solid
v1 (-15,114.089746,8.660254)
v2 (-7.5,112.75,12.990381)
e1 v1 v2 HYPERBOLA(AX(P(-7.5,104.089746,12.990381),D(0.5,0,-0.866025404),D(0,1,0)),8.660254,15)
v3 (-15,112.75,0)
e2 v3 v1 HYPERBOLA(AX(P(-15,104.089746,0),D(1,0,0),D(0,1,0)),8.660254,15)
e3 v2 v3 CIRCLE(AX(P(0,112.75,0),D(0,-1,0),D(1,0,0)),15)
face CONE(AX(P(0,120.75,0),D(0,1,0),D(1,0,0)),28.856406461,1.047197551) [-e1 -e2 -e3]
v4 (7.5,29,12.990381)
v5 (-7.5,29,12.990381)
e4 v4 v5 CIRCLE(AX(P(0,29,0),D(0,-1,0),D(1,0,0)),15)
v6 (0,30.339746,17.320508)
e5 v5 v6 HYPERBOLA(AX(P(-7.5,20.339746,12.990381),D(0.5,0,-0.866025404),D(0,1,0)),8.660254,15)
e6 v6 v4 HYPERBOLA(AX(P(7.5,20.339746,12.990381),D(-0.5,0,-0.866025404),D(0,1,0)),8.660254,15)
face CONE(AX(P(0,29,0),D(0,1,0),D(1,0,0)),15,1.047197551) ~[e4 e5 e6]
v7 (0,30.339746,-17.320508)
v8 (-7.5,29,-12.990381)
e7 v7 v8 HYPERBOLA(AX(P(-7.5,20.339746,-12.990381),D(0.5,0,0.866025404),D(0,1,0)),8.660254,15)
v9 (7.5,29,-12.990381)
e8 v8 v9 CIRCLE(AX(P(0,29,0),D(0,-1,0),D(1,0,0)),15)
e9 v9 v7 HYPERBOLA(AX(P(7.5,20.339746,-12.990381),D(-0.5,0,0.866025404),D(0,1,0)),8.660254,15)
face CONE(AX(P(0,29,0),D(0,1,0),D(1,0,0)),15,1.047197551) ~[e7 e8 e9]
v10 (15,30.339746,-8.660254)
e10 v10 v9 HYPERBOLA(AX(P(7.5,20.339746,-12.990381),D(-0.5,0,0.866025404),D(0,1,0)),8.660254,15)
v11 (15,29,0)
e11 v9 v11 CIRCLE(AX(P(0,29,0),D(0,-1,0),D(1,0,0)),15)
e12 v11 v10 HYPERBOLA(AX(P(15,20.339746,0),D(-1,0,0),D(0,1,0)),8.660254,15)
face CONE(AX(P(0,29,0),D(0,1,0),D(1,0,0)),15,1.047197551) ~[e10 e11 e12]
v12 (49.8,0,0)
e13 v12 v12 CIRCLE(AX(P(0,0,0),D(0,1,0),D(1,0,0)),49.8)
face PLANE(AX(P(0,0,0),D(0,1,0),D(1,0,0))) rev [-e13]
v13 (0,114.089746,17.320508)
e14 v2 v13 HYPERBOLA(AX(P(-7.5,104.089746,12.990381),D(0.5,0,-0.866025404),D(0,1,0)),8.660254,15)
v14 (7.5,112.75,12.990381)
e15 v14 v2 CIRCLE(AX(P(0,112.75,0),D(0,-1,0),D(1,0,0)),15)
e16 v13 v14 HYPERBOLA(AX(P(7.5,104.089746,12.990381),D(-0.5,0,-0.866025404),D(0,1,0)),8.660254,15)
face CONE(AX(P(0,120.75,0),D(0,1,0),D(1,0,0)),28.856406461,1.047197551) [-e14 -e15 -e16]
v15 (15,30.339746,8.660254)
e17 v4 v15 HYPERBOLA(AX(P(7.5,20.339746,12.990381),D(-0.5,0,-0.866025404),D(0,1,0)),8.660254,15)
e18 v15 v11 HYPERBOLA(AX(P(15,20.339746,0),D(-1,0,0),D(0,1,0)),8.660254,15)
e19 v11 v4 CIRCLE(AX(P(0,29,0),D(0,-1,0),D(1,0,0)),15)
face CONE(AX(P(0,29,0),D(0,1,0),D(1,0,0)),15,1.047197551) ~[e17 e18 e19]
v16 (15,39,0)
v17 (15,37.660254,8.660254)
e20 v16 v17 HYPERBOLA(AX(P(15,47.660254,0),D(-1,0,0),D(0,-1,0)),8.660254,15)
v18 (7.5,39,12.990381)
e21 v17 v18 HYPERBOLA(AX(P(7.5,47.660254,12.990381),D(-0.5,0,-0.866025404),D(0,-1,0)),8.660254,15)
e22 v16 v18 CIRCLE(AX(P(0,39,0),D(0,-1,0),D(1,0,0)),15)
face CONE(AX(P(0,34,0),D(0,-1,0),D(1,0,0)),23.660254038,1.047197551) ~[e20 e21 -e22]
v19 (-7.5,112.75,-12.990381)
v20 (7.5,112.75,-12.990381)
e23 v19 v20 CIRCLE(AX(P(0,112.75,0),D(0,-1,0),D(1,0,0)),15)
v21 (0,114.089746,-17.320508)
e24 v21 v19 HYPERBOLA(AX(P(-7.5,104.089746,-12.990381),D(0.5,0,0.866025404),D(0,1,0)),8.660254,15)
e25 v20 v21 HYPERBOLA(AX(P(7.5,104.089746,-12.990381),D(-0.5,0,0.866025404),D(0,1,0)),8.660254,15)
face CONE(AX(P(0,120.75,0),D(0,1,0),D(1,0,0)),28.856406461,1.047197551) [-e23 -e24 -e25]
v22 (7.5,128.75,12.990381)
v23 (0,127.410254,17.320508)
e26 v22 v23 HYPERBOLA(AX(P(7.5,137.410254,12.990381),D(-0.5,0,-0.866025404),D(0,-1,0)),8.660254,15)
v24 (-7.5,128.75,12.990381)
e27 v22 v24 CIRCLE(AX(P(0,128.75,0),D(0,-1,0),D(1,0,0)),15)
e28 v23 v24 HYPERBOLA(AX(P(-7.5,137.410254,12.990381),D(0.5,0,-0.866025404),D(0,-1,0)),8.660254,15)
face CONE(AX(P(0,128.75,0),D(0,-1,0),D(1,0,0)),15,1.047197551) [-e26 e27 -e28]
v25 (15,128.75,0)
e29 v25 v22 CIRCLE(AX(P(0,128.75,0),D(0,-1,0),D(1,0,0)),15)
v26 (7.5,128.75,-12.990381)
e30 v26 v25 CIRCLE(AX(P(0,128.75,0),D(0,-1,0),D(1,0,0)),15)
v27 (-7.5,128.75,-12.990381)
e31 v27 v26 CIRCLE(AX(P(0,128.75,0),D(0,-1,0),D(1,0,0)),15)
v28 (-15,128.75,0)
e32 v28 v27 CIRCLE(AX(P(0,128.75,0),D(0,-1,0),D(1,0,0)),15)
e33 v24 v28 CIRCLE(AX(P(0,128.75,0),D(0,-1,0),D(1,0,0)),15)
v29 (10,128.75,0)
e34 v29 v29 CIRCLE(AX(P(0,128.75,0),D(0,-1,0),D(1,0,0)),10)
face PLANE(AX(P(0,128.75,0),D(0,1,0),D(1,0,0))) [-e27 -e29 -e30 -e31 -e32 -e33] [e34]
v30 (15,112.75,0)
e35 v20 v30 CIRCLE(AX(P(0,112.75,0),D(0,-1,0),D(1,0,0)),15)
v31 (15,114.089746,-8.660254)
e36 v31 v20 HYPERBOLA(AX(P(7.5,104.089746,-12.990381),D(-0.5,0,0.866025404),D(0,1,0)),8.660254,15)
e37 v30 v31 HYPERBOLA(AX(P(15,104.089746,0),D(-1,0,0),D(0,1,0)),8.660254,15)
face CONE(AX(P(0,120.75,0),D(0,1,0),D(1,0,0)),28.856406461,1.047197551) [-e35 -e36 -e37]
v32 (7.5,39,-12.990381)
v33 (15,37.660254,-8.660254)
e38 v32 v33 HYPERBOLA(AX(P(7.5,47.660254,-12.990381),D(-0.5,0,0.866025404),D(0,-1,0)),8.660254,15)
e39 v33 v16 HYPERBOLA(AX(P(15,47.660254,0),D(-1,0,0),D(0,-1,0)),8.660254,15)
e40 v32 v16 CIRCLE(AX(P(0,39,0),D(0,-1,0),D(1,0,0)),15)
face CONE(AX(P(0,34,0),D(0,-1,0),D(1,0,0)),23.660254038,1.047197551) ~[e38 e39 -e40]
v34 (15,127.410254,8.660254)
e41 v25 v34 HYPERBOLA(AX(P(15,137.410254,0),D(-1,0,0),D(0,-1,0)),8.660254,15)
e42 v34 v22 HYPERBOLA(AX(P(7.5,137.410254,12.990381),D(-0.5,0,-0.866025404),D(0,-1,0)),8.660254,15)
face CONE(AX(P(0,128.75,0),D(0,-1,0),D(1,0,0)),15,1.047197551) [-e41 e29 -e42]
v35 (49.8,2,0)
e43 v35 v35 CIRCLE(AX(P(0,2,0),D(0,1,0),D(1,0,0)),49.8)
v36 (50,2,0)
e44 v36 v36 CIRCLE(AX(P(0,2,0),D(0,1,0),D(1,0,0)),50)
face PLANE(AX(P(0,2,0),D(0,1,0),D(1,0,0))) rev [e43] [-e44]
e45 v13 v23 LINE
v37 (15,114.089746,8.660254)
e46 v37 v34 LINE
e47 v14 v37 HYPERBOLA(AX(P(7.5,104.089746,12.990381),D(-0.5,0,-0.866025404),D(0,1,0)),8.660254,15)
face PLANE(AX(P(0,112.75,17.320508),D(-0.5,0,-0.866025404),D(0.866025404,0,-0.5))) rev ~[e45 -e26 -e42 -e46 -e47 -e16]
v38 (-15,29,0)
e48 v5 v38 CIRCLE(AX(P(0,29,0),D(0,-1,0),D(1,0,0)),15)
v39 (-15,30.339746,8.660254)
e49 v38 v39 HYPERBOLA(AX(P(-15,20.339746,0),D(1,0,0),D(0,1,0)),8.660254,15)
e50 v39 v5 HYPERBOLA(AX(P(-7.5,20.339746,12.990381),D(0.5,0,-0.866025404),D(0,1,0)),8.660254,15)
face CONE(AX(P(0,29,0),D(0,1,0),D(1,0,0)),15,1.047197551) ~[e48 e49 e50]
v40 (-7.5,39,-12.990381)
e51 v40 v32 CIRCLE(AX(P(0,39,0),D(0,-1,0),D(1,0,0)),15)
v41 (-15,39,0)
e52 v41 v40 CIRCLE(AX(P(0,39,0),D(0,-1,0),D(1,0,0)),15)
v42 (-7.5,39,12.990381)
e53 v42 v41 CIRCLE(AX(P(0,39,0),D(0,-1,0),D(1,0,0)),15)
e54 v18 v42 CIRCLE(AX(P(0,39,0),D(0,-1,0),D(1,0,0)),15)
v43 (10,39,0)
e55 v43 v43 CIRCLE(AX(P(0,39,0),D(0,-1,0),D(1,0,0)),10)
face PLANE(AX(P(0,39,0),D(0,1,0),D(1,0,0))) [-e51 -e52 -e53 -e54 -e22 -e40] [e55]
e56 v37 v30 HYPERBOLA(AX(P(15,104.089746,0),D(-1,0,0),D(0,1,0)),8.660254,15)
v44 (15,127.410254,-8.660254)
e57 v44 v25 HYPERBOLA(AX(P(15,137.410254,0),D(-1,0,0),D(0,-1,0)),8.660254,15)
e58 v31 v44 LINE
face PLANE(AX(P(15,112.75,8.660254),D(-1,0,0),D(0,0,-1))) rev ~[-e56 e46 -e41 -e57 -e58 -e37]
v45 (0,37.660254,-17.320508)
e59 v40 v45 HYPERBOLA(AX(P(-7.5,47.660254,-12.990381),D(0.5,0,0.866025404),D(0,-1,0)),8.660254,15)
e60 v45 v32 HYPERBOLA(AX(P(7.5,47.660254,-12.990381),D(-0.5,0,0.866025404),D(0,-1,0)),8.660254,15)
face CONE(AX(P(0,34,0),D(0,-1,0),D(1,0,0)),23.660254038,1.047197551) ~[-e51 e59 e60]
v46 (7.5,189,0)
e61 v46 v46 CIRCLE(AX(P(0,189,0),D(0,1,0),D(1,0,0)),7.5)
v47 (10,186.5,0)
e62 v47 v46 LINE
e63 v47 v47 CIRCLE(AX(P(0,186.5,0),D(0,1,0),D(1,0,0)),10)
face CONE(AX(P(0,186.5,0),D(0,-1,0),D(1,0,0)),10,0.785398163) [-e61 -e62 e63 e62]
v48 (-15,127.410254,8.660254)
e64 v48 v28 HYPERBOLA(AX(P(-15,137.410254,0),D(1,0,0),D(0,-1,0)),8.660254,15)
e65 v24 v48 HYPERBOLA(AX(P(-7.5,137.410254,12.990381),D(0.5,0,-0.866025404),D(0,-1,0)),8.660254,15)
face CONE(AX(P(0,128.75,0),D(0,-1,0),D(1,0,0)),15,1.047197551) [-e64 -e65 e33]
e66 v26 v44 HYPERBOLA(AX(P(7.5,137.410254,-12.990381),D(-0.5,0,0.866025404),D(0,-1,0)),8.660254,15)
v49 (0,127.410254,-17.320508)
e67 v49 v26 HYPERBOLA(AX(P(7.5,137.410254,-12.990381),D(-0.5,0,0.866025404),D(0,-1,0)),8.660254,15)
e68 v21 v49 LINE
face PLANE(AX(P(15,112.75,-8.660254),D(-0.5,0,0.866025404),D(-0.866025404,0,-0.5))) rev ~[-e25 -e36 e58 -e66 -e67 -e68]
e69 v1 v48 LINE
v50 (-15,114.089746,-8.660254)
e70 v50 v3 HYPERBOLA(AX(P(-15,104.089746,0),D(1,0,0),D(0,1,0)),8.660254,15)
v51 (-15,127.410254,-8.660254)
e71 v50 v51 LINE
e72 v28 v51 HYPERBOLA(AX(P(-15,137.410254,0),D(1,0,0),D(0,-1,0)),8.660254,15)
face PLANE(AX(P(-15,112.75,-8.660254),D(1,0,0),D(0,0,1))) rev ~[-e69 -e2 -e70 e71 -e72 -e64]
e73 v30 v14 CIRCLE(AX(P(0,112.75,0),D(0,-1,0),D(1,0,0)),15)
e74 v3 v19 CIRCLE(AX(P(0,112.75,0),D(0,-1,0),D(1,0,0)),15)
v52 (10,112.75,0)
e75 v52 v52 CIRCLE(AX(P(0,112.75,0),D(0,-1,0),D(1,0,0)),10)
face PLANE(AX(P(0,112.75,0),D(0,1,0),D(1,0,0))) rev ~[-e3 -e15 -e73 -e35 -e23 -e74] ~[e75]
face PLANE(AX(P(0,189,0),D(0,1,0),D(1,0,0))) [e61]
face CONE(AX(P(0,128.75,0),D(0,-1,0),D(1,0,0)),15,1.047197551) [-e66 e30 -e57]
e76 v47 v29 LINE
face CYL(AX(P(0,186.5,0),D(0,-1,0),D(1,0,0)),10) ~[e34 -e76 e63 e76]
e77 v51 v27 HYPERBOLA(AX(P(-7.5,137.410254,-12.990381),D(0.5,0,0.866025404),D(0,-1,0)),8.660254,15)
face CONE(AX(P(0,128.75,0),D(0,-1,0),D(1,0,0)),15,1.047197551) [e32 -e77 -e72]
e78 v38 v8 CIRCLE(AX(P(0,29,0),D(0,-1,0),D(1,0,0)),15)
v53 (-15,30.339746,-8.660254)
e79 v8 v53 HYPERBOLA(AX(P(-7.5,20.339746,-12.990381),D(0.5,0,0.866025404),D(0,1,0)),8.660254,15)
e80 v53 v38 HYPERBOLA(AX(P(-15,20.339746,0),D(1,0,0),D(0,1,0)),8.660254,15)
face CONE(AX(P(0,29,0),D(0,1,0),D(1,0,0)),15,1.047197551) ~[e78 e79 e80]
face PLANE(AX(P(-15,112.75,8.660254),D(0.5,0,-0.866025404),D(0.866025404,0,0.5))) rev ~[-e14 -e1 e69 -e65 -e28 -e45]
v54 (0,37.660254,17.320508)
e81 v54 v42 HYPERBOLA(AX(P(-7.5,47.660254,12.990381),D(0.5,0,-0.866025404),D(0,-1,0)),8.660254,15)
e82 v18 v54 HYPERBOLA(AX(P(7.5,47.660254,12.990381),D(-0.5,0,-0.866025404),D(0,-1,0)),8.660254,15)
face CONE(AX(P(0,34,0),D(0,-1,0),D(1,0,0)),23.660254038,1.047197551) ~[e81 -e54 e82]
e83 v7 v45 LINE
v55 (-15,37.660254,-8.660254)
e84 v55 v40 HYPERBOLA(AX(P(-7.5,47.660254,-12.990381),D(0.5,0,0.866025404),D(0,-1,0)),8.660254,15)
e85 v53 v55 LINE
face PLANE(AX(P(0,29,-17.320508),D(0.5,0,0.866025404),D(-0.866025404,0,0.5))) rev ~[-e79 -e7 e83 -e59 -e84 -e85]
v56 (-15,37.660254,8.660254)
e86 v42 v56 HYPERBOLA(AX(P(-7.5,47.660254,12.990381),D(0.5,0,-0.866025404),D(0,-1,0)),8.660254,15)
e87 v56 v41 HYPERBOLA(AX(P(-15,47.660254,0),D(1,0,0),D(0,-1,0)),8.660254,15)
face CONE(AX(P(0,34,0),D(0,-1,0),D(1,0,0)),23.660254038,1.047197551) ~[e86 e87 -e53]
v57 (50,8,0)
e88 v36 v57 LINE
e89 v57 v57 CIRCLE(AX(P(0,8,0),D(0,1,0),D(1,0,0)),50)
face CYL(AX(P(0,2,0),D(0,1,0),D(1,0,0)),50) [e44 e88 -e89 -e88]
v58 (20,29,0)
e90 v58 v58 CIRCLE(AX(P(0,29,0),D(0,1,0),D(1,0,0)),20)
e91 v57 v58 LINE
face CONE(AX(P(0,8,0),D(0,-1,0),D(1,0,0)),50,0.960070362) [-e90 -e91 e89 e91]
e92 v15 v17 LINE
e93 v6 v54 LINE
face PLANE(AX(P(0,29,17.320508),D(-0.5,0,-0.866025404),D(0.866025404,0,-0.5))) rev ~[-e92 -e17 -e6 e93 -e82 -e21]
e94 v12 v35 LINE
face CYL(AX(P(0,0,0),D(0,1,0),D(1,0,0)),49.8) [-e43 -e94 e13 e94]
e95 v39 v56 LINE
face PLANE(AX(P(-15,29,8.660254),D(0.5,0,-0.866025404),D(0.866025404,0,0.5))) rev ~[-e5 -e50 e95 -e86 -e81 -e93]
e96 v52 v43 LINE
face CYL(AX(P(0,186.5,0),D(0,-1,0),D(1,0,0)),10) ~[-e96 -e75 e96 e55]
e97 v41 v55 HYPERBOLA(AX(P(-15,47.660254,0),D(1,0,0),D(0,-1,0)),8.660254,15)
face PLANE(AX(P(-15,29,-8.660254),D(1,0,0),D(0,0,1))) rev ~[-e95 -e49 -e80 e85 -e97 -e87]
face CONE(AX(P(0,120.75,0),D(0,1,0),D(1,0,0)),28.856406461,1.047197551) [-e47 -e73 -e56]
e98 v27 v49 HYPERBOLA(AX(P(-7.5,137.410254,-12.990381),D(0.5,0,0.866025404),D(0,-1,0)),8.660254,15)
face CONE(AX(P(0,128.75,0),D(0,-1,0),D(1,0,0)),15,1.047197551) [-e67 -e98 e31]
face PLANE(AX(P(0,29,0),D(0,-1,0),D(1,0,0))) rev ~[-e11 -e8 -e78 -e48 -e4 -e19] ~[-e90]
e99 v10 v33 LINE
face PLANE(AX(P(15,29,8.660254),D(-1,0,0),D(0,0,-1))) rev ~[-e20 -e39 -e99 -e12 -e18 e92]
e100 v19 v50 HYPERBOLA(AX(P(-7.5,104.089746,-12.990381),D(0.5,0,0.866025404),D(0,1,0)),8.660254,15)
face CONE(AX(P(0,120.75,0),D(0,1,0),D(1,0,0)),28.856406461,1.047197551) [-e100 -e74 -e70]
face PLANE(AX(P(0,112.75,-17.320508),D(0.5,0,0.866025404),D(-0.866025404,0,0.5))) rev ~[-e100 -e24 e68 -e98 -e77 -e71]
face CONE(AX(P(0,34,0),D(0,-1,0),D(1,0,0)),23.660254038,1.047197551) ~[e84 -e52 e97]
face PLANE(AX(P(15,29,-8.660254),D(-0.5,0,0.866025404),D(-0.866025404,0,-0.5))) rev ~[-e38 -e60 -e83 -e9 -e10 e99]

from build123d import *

# Parameters (mm, degrees)
EXTRUDE_1_DEPTH = 10
EXTRUDE_2_DEPTH = 16


with BuildPart() as part:
    # Эскиз1 → Повернуть1 (revolve)
    with BuildSketch(Plane.XY, mode=Mode.PRIVATE) as revolve_1_sk:
        Polygon((0, 0), (-49.8, 0), (-49.8, 2), (-50, 2), (-50, 8), (-20, 29), (-10, 29), (-10, 39), (-10, 186.5), (-7.5, 189), (0, 189), align=None)
    revolve(revolve_1_sk.sketch.rotate(Axis((0, 0, 0), (0, 1, 0)), 180), axis=Axis((0, 0, 0), (0, 1, 0)))  # turned: the seam where the file's is

    # Эскиз2 → Бобышка-Вытянуть1 (add)
    with BuildSketch(Plane(origin=(0, 29, 0), x_dir=(1, 0, 0), z_dir=(0, 1, 0))):
        Polygon((0, 17.320508076), (-15, 8.660254038), (-15, -8.660254038), (0, -17.320508076), (15, -8.660254038), (15, 8.660254038), align=None)
    extrude(amount=EXTRUDE_1_DEPTH)

    # Эскиз3 → Бобышка-Вытянуть2 (add)
    with BuildSketch(Plane(origin=(0, 112.75, 0), x_dir=(1, 0, 0), z_dir=(0, 1, 0))):
        Polygon((15, 8.660254038), (0, 17.320508076), (-15, 8.660254038), (-15, -8.660254038), (0, -17.320508076), (15, -8.660254038), align=None)
    extrude(amount=EXTRUDE_2_DEPTH)

    # Эскиз4 → Вырез-Повернуть2 (revolve, cut)
    with BuildSketch(Plane.XY, mode=Mode.PRIVATE) as cut_revolve_2_sk:
        Polygon((-28.856406461, 128.75), (-15, 128.75), (-28.856406461, 120.75), align=None)
        Polygon((-28.856406461, 112.75), (-28.856406461, 120.75), (-15, 112.75), align=None)
        Polygon((-23.660254038, 39), (-23.660254038, 34), (-15, 39), align=None)
        Polygon((-23.660254038, 34), (-23.660254038, 29), (-15, 29), align=None)
    revolve(cut_revolve_2_sk.sketch.rotate(Axis((0, 189, 0), (0, -1, 0)), 180), axis=Axis((0, 189, 0), (0, -1, 0)), mode=Mode.SUBTRACT)  # turned: the seam where the file's is


solid = part.part
